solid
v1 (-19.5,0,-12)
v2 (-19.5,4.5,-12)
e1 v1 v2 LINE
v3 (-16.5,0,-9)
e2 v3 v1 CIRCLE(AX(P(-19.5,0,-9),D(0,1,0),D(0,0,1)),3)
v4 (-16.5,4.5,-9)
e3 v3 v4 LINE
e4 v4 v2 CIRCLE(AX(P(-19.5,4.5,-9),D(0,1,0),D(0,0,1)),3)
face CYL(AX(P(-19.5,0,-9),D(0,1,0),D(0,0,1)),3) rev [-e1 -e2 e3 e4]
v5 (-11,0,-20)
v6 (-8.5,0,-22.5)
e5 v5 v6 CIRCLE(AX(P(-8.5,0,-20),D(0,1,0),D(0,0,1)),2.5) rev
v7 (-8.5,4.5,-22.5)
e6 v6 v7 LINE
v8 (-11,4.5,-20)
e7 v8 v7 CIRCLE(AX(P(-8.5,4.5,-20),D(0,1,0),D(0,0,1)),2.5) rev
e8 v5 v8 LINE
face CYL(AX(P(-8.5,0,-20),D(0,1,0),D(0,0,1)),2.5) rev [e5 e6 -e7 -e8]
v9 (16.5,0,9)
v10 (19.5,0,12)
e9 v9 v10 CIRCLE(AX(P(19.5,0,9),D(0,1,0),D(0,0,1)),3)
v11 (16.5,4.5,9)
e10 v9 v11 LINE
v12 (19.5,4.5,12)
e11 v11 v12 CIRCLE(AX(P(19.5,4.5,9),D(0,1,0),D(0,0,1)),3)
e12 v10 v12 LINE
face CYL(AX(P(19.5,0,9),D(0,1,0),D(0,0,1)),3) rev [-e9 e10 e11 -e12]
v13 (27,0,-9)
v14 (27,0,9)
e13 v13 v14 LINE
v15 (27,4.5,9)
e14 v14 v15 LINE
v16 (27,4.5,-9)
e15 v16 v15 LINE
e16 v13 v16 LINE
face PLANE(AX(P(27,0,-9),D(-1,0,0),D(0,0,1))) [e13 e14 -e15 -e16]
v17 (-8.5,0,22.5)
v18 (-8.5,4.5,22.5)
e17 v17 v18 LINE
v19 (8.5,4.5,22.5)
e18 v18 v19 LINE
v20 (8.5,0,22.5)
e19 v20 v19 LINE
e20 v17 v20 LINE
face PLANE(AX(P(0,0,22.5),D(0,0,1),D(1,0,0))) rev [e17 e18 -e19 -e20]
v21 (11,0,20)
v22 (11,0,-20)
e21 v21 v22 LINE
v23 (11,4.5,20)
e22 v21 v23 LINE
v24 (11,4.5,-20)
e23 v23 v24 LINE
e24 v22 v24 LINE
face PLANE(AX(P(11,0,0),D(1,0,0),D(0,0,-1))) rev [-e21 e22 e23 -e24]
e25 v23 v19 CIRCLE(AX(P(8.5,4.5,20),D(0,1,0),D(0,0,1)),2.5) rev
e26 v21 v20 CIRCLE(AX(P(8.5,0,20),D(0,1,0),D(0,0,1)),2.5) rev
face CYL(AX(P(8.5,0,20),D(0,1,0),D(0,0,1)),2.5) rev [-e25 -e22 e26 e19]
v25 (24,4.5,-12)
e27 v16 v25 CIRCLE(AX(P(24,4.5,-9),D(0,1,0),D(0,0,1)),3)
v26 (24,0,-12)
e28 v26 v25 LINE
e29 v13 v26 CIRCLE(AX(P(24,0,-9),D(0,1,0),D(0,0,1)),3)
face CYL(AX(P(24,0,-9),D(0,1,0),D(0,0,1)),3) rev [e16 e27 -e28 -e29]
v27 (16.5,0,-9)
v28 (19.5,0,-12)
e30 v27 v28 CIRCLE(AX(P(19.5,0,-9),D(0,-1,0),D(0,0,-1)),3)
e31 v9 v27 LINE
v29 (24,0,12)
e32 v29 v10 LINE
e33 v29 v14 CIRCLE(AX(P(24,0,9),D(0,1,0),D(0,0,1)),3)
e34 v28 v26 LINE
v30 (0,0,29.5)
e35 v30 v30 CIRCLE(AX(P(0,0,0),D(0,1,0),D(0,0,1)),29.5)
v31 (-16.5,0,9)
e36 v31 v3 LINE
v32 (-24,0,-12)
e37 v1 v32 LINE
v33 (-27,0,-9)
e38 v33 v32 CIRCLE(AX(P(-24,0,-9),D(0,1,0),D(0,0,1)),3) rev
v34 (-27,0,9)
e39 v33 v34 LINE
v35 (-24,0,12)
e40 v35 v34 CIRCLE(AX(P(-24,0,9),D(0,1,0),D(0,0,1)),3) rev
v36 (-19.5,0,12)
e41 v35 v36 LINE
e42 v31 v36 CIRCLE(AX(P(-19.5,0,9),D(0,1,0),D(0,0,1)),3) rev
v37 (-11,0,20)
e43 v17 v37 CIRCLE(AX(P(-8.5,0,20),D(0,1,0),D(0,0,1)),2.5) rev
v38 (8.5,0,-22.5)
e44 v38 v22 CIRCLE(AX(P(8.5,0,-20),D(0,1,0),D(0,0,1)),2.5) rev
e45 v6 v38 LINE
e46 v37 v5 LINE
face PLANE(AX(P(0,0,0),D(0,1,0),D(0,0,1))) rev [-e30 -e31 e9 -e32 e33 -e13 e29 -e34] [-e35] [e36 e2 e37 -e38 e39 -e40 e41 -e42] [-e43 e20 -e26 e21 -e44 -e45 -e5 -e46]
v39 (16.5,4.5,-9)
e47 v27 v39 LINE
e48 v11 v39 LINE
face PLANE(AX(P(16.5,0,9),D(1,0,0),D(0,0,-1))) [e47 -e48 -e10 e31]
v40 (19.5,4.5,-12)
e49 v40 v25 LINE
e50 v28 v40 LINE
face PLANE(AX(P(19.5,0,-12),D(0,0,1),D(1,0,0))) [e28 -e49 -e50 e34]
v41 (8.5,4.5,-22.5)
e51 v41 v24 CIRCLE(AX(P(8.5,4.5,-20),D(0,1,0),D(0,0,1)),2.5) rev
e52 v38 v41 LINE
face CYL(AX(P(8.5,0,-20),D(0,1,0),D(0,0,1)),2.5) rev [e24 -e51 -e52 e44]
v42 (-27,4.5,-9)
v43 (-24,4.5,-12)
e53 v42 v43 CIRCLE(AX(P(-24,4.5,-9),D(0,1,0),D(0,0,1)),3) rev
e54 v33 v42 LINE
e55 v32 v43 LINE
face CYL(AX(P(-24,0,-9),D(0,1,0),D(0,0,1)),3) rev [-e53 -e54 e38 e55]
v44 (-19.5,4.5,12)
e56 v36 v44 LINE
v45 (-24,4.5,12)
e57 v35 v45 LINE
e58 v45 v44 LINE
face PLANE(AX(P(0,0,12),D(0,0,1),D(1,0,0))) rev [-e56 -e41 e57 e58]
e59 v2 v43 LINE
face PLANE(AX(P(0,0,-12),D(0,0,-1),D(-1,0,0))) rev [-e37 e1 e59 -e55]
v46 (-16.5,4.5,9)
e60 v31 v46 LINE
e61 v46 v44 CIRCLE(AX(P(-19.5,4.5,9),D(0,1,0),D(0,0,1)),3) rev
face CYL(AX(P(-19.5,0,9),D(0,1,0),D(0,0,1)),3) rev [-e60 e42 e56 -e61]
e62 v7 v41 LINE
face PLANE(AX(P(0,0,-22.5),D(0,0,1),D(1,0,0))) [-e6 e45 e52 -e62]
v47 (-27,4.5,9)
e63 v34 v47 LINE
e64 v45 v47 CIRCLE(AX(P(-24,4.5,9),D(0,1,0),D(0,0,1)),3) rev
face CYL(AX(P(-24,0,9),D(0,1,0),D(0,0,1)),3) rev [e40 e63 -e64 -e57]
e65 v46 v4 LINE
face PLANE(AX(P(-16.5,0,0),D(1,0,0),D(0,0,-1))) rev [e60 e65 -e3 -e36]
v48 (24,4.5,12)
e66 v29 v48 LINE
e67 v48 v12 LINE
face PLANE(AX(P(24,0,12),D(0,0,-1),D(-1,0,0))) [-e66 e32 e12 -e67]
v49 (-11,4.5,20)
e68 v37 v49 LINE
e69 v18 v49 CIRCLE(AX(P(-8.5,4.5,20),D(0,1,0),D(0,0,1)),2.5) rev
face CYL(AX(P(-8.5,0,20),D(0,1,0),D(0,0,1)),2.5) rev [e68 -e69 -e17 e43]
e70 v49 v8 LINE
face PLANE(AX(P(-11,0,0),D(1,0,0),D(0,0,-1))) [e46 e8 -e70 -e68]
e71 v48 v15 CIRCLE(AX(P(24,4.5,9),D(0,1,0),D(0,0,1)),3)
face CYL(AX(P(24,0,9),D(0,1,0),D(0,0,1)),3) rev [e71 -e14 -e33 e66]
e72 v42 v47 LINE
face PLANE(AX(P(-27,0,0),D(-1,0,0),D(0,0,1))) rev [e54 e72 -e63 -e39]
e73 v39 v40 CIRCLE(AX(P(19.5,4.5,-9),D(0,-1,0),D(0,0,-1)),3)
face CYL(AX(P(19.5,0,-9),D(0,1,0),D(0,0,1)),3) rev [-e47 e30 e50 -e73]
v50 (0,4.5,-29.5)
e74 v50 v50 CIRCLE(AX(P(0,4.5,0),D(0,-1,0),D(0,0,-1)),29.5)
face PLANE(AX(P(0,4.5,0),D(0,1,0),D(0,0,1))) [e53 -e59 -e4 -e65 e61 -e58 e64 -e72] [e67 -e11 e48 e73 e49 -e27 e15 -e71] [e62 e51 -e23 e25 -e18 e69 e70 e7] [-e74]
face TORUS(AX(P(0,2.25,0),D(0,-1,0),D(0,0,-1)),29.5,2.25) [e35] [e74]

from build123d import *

# Parameters (mm, degrees)
SKETCH1_R           = 29.5
BOSS_EXTRUDE1_DEPTH = 4.5
CUT_EXTRUDE1_DEPTH  = 42.961291687
CUT_EXTRUDE2_DEPTH  = 42.961291687


with BuildPart() as part:
    # Sketch1 → Boss-Extrude1 (new body)
    with BuildSketch(Plane(origin=(0, 0, 0), x_dir=(1, 0, 0), z_dir=(0, 1, 0))):
        with Locations(Location((0, 0, 0), (0, 0, 270))):
            Circle(SKETCH1_R)
    extrude(amount=BOSS_EXTRUDE1_DEPTH)

    # Sketch2 → Cut-Extrude1 (cut, through all)
    with BuildSketch(Plane(origin=(0, 4.5, 0), x_dir=(1, 0, 0), z_dir=(0, 1, 0))):
        with BuildLine():
            Line((-8.5, -22.5), (8.5, -22.5))
            ThreePointArc((8.5, -22.5), (10.267766953, -21.767766953), (11, -20))
            Line((11, -20), (11, 20))
            ThreePointArc((11, 20), (10.267766953, 21.767766953), (8.5, 22.5))
            Line((8.5, 22.5), (-8.5, 22.5))
            ThreePointArc((-8.5, 22.5), (-10.267766953, 21.767766953), (-11, 20))
            Line((-11, 20), (-11, -20))
            ThreePointArc((-11, -20), (-10.267766953, -21.767766953), (-8.5, -22.5))
        make_face()
    extrude(amount=-CUT_EXTRUDE1_DEPTH, mode=Mode.SUBTRACT)

    # Sketch3 → Cut-Extrude2 (cut, through all)
    with BuildSketch(Plane(origin=(0, 4.5, 0), x_dir=(1, 0, 0), z_dir=(0, 1, 0))):
        with BuildLine():
            ThreePointArc((-27, 9), (-26.121320344, 11.121320344), (-24, 12))
            Line((-24, 12), (-19.5, 12))
            ThreePointArc((-19.5, 12), (-17.378679656, 11.121320344), (-16.5, 9))
            Line((-16.5, 9), (-16.5, 0))
            Line((-16.5, 0), (-16.5, -9))
            ThreePointArc((-16.5, -9), (-17.378679656, -11.121320344), (-19.5, -12))
            Line((-19.5, -12), (-24, -12))
            ThreePointArc((-24, -12), (-26.121320344, -11.121320344), (-27, -9))
            Line((-27, -9), (-27, 9))
        make_face()
        with BuildLine():
            Line((16.5, -9), (16.5, 0))
            Line((16.5, 0), (16.5, 9))
            ThreePointArc((16.5, 9), (17.378679656, 11.121320344), (19.5, 12))
            Line((19.5, 12), (24, 12))
            ThreePointArc((24, 12), (26.121320344, 11.121320344), (27, 9))
            Line((27, 9), (27, -9))
            ThreePointArc((27, -9), (26.121320344, -11.121320344), (24, -12))
            Line((24, -12), (19.5, -12))
            ThreePointArc((19.5, -12), (17.378679656, -11.121320344), (16.5, -9))
        make_face()
    extrude(amount=-CUT_EXTRUDE2_DEPTH, mode=Mode.SUBTRACT)

    # Sketch4 → Revolve1 (revolve)
    with BuildSketch(Plane(origin=(0, 0, 0), x_dir=(0, 0, -1), z_dir=(1, 0, 0))):
        with BuildLine():
            ThreePointArc((31.75, 2.25), (31.090990258, 3.840990258), (29.5, 4.5))
            Line((29.5, 4.5), (29.5, 0))
            ThreePointArc((29.5, 0), (31.090990258, 0.659009742), (31.75, 2.25))
        make_face()
    revolve(axis=Axis((0, 0, 0), (0, 1, 0)))


solid = part.part
